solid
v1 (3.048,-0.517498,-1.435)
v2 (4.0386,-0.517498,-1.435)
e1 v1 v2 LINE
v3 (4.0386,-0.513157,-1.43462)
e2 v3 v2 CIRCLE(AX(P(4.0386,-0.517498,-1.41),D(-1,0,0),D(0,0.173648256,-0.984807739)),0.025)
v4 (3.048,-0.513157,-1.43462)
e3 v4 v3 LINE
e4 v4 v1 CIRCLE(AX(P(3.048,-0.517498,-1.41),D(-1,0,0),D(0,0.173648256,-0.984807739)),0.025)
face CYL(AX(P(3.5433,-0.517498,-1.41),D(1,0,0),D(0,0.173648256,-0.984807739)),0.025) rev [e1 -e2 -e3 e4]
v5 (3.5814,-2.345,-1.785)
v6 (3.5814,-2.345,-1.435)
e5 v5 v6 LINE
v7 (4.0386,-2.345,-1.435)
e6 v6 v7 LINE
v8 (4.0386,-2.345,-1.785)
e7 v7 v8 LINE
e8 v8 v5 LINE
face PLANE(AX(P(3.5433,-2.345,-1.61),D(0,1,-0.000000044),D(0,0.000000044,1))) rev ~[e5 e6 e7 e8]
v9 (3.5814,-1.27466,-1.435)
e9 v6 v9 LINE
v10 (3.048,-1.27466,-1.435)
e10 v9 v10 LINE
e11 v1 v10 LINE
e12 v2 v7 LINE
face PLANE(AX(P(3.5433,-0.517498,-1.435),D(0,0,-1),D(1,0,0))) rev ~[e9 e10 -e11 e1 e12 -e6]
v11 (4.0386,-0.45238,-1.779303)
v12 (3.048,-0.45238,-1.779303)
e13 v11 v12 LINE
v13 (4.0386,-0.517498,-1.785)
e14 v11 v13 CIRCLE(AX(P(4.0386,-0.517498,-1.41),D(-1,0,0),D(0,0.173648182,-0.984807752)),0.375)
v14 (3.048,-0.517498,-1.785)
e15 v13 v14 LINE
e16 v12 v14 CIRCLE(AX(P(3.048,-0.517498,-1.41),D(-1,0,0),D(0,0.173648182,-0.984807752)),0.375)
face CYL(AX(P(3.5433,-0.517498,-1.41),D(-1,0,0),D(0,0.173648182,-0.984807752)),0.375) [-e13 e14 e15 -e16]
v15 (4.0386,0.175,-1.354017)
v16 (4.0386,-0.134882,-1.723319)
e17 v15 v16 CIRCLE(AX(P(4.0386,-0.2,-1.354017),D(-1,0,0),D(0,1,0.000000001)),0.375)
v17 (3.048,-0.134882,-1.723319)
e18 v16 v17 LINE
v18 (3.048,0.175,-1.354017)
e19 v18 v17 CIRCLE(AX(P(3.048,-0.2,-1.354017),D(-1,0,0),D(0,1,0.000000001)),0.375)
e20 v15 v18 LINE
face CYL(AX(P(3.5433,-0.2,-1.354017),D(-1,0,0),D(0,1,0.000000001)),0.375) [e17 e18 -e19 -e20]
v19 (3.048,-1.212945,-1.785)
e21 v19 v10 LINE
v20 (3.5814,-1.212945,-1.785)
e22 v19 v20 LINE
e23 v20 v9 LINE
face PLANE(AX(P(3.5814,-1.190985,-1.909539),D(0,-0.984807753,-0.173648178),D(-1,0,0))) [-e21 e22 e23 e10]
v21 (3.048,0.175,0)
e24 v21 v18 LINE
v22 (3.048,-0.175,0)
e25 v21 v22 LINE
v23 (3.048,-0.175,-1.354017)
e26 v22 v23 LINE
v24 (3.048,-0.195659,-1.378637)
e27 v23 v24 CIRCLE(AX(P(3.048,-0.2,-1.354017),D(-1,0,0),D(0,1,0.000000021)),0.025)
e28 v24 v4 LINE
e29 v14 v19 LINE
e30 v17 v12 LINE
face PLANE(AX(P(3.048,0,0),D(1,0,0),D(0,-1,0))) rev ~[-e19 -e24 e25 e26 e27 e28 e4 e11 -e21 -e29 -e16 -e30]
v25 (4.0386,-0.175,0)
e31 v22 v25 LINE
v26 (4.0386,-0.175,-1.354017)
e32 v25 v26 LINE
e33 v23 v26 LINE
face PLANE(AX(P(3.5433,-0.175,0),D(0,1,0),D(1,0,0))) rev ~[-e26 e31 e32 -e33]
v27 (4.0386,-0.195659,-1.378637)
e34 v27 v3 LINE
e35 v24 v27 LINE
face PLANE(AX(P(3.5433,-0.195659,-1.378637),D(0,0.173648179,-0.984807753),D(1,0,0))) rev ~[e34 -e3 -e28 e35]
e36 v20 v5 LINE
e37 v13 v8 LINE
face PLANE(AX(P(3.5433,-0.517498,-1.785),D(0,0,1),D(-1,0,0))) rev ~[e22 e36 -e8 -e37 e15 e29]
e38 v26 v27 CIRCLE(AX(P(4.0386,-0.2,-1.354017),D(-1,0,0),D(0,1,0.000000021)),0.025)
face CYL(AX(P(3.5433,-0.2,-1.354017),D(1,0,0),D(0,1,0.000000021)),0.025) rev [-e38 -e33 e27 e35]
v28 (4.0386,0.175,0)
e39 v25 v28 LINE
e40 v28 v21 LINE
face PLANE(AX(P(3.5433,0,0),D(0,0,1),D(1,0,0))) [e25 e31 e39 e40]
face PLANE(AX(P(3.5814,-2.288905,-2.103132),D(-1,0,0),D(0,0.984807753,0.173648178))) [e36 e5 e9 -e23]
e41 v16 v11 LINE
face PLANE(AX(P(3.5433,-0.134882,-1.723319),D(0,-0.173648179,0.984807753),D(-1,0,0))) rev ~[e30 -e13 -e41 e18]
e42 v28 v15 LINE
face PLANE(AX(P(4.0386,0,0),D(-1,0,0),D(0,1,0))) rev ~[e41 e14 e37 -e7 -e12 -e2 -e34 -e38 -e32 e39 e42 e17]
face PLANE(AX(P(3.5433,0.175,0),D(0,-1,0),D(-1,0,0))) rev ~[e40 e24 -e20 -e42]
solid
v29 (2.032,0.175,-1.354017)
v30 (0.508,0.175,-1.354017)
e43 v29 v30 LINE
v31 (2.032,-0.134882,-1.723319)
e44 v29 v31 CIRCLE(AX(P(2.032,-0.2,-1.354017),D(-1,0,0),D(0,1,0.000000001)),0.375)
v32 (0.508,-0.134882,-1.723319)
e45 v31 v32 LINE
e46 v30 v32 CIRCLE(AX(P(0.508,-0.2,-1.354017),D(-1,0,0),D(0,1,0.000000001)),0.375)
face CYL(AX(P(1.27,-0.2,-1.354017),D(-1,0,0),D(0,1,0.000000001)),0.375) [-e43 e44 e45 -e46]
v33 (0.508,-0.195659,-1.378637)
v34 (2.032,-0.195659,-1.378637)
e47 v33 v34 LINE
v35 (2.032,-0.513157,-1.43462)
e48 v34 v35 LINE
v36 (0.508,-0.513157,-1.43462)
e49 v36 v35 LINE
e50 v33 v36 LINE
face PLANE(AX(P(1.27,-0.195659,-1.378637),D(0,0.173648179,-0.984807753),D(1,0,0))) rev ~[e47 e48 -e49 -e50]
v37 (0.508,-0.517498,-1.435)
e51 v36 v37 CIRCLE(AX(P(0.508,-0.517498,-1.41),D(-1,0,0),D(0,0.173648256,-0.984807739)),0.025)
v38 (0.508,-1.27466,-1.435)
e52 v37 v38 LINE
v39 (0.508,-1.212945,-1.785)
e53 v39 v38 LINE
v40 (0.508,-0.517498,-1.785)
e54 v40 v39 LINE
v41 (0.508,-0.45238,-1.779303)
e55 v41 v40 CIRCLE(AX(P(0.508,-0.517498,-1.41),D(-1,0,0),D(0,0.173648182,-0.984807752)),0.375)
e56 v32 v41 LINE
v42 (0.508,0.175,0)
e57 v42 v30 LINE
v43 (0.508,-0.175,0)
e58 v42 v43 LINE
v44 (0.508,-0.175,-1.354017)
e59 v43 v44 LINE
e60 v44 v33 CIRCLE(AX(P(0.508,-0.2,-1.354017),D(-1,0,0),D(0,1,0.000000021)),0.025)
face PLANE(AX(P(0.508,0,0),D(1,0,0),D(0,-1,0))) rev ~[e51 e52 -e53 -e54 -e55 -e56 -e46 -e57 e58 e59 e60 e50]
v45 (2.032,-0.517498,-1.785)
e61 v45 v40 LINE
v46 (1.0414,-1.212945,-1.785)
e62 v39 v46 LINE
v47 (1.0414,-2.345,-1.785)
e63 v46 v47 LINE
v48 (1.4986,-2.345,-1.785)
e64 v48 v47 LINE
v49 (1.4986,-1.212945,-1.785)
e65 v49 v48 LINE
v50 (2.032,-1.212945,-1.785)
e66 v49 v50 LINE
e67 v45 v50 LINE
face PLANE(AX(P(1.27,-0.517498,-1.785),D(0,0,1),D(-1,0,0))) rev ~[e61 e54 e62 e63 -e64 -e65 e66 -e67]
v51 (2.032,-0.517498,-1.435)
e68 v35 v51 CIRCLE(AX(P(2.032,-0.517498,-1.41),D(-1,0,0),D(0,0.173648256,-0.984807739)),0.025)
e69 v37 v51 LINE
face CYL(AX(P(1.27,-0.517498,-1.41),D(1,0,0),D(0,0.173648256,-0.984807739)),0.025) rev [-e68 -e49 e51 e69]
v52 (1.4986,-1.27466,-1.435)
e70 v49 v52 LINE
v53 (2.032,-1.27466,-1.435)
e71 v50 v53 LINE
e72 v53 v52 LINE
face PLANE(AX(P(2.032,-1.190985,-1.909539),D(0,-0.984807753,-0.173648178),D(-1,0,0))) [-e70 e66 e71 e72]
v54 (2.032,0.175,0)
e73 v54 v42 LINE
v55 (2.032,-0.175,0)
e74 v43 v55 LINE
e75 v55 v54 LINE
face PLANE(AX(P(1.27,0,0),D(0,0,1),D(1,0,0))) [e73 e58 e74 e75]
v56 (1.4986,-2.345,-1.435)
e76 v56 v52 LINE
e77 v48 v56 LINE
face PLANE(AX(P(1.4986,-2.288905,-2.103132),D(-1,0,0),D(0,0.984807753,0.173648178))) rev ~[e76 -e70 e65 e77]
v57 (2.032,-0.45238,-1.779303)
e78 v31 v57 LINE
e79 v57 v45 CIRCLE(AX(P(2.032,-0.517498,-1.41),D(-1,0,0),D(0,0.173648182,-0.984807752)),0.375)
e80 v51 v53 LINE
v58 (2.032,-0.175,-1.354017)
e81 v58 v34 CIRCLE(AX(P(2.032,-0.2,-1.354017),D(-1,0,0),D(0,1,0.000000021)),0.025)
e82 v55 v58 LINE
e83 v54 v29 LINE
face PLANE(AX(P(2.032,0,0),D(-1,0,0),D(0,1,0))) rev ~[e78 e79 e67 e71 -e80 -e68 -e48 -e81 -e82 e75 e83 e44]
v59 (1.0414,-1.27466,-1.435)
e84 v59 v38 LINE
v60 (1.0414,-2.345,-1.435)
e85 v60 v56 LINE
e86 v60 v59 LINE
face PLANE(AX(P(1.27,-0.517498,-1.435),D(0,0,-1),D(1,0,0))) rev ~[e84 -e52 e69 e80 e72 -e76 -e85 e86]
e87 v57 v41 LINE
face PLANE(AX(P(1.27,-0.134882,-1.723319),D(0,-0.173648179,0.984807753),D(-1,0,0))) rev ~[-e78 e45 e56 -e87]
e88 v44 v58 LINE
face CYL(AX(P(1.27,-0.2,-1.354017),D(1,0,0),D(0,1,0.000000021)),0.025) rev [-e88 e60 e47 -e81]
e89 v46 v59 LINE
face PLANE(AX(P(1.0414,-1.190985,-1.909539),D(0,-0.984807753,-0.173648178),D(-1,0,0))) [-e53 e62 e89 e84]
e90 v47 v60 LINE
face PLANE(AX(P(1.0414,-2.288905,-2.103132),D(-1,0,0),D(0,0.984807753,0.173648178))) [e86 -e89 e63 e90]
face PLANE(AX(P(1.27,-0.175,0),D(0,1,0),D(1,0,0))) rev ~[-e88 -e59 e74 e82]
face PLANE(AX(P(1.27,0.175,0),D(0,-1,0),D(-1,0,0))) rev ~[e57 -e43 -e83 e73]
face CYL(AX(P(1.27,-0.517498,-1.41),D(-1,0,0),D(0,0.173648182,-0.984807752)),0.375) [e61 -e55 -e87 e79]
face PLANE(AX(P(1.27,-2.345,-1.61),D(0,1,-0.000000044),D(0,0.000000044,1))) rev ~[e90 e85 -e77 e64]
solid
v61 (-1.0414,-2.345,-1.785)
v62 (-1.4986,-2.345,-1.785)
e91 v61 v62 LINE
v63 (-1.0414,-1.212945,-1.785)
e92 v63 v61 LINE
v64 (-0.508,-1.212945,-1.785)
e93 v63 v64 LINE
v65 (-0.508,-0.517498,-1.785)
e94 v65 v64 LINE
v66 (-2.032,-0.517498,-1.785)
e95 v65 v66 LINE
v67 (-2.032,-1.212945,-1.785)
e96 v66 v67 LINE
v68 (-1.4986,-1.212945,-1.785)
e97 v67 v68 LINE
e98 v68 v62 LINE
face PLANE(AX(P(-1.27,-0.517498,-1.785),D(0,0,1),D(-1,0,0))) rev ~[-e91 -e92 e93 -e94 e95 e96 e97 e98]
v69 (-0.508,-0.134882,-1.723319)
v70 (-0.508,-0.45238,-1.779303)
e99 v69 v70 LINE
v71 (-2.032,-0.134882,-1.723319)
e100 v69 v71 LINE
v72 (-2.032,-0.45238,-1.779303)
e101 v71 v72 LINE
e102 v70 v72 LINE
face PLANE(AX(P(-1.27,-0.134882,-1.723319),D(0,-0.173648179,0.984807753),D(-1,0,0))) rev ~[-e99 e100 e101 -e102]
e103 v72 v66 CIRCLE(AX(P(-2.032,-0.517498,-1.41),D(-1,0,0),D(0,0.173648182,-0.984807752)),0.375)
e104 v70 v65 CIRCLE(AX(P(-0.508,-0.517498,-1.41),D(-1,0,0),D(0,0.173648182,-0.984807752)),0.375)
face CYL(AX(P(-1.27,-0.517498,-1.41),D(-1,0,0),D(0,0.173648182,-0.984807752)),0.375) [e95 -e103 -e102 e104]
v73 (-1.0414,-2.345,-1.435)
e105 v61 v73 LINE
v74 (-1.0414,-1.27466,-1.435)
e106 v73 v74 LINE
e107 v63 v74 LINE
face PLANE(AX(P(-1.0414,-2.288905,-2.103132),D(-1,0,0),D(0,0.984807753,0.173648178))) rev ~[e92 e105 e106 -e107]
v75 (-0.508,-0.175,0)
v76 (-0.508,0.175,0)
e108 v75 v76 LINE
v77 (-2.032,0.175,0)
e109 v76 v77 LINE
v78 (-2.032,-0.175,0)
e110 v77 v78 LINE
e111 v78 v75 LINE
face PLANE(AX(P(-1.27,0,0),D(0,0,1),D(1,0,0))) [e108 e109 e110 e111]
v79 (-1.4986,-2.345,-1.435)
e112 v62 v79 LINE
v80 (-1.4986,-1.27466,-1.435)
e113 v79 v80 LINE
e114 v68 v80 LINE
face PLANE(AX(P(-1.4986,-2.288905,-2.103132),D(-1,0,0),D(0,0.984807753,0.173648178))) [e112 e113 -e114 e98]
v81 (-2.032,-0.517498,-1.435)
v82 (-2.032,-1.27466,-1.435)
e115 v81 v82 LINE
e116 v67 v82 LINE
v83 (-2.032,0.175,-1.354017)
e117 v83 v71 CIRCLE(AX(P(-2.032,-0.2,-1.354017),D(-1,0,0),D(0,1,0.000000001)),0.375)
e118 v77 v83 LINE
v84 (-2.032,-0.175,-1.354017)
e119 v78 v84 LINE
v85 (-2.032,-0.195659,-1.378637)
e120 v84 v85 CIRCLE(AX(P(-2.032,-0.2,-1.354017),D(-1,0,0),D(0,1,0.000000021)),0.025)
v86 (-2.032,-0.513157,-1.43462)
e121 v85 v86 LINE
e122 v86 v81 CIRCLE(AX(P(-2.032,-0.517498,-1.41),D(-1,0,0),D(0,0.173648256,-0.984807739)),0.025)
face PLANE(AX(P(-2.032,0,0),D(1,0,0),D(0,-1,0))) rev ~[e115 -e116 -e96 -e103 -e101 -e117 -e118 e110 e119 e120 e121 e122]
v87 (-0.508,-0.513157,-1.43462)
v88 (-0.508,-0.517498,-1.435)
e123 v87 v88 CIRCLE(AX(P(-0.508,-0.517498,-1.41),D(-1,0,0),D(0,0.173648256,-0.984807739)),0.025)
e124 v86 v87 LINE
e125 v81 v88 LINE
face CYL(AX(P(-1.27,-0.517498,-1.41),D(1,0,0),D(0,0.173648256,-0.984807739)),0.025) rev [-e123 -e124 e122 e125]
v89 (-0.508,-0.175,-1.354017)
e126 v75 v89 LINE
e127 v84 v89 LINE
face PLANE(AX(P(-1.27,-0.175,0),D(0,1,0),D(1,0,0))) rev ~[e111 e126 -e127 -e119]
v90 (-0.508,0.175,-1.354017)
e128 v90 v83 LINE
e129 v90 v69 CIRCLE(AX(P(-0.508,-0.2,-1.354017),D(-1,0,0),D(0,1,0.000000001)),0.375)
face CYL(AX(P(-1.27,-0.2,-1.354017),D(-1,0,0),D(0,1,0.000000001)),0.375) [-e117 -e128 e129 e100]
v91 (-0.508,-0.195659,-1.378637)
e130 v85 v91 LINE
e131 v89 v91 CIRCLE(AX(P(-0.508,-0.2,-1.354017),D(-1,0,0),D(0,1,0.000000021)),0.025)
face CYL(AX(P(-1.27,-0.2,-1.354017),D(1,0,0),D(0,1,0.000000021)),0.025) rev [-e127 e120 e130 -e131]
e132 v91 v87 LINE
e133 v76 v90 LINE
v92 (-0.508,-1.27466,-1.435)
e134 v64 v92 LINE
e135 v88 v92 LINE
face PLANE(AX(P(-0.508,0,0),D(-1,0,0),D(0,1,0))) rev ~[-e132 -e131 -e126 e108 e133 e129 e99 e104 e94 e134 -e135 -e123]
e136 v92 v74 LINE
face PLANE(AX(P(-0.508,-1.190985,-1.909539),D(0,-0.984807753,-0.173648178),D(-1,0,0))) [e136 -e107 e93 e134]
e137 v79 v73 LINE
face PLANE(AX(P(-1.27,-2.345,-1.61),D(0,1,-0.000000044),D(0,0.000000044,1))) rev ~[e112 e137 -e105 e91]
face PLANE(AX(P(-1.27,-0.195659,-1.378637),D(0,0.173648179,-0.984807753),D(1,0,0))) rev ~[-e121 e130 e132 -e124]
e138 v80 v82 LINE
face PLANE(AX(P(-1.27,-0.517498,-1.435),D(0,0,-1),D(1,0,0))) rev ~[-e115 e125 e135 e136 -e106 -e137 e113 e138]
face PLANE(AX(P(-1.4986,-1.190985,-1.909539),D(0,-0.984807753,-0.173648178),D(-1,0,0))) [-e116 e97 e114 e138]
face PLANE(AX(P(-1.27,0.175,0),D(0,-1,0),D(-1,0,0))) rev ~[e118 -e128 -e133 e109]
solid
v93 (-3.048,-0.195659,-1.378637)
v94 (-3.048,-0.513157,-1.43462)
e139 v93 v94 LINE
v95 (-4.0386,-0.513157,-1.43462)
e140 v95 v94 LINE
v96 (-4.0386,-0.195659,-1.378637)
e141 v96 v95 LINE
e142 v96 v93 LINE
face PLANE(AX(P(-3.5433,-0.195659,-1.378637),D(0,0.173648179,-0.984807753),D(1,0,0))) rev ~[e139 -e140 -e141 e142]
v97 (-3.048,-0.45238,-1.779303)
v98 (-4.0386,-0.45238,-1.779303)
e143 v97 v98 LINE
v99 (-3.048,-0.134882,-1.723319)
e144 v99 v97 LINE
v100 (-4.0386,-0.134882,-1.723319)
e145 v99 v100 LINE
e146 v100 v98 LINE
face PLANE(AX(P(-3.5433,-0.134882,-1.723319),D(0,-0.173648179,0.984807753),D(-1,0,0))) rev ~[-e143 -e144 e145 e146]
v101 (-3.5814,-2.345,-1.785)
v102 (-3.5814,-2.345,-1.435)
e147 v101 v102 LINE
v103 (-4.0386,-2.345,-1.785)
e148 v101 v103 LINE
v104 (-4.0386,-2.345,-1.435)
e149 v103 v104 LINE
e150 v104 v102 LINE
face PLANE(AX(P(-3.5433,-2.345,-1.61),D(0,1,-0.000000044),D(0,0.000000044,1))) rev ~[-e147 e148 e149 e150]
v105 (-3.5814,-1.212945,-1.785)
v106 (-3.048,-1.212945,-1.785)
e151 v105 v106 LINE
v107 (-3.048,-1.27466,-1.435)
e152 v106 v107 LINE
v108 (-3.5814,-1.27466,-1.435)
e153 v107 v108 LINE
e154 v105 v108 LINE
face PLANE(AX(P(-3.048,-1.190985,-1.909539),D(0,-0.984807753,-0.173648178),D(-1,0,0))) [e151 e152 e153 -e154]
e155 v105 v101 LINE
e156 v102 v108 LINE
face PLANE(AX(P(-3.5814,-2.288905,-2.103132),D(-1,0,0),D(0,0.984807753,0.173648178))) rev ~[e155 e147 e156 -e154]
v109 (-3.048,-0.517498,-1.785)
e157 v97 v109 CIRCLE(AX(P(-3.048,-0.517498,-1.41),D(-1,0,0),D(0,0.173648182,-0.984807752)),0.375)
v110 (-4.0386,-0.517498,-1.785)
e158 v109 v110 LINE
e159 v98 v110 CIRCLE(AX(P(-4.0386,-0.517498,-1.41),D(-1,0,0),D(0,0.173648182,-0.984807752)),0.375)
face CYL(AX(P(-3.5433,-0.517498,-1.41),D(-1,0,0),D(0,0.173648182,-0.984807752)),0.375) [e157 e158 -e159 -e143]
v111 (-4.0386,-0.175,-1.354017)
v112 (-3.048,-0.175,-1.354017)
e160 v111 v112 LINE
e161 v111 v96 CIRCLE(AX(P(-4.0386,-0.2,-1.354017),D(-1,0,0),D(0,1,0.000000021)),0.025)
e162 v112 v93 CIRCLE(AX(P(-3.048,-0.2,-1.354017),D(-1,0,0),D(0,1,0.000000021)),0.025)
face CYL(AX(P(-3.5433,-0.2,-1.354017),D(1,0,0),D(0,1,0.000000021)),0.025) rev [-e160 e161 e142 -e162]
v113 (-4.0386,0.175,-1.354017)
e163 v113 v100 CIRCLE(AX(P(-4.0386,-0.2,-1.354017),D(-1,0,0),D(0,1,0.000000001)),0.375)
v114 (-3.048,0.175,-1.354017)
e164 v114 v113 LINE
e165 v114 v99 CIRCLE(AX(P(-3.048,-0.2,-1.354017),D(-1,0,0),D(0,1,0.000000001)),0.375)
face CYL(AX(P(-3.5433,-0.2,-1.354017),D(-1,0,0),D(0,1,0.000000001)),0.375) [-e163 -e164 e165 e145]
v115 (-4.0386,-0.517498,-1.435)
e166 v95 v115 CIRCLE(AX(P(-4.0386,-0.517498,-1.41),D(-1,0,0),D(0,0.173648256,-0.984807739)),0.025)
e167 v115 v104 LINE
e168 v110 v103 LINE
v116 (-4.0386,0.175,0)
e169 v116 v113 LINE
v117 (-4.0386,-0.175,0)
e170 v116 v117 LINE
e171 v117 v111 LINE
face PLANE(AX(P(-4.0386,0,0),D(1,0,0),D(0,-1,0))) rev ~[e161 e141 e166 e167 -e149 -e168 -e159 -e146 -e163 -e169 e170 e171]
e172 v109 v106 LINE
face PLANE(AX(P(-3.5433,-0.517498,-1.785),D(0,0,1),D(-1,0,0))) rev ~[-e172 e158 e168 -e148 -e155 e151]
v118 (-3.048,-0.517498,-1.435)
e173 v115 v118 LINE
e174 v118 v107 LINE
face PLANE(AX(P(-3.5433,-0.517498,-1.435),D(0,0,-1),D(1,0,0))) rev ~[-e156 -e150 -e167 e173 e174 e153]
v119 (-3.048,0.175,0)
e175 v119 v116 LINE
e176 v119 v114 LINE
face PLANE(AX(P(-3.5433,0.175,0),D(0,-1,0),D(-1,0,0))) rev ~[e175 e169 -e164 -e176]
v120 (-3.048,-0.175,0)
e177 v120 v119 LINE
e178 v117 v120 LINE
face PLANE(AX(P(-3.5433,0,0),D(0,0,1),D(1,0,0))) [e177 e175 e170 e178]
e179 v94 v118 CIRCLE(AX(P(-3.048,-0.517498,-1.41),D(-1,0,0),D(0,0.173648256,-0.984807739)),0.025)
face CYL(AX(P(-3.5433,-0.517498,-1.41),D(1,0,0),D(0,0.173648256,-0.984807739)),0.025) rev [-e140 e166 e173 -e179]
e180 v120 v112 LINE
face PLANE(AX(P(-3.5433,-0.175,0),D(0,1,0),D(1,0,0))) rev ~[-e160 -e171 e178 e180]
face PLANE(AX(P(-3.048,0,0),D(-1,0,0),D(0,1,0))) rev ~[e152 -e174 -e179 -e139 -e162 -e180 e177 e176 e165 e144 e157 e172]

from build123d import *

# Parameters (mm, degrees)
SKETCH1_W      = 1.524
SKETCH1_H      = 0.35
SKETCH1_W_2    = 0.9906
SKETCH10_W     = 0.5334
SKETCH10_H     = 1.114856468
EXTRUDE1_DEPTH = 3.08092137


with BuildPart() as part:
    # Sweep11: sweep along a path in Sketch2
    with BuildLine(Plane(origin=(0, 0, 0), x_dir=(0, 0, -1), z_dir=(1, 0, 0))) as sweep11_path:
        Line((0, 0), (1.354016583, 0))
        ThreePointArc((1.354016583, 0), (1.482574105, -0.046791111), (1.550978134, -0.165270364))
        Line((1.550978134, -0.165270364), (1.606961551, -0.482768097))
        ThreePointArc((1.606961551, -0.482768097), (1.60923894, -0.500066584), (1.61, -0.517497733))
        Line((1.61, -0.517497733), (1.61, -2.345))
    # Sketch1 → Sweep11 (sweep)
    with BuildSketch(Plane.XY):
        with Locations((-1.27, 0)):
            Rectangle(SKETCH1_W, SKETCH1_H)
        with Locations((1.27, 0)):
            Rectangle(SKETCH1_W, SKETCH1_H)
        with Locations((3.5433, 0)):
            Rectangle(SKETCH1_W_2, SKETCH1_H)
        with Locations((-3.5433, 0)):
            Rectangle(SKETCH1_W_2, SKETCH1_H)
    sweep(path=sweep11_path.line)

    # Sketch10 → Extrude1 (cut, through all)
    with BuildSketch(Plane(origin=(0, 0.290637802, -1.648288881), x_dir=(-1, 0, 0), z_dir=(0, 0.173648178, -0.984807753))):
        with Locations((-3.3147, -2.061907944)):
            Rectangle(SKETCH10_W, SKETCH10_H)
        with Locations((-1.7653, -2.061907944)):
            Rectangle(SKETCH10_W, SKETCH10_H)
        with Locations((-0.7747, -2.061907944)):
            Rectangle(SKETCH10_W, SKETCH10_H)
        with Locations((0.7747, -2.061907944)):
            Rectangle(SKETCH10_W, SKETCH10_H)
        with Locations((1.7653, -2.061907944)):
            Rectangle(SKETCH10_W, SKETCH10_H)
        with Locations((3.3147, -2.061907944)):
            Rectangle(SKETCH10_W, SKETCH10_H)
    extrude(amount=-EXTRUDE1_DEPTH, mode=Mode.SUBTRACT)


solid = part.part
